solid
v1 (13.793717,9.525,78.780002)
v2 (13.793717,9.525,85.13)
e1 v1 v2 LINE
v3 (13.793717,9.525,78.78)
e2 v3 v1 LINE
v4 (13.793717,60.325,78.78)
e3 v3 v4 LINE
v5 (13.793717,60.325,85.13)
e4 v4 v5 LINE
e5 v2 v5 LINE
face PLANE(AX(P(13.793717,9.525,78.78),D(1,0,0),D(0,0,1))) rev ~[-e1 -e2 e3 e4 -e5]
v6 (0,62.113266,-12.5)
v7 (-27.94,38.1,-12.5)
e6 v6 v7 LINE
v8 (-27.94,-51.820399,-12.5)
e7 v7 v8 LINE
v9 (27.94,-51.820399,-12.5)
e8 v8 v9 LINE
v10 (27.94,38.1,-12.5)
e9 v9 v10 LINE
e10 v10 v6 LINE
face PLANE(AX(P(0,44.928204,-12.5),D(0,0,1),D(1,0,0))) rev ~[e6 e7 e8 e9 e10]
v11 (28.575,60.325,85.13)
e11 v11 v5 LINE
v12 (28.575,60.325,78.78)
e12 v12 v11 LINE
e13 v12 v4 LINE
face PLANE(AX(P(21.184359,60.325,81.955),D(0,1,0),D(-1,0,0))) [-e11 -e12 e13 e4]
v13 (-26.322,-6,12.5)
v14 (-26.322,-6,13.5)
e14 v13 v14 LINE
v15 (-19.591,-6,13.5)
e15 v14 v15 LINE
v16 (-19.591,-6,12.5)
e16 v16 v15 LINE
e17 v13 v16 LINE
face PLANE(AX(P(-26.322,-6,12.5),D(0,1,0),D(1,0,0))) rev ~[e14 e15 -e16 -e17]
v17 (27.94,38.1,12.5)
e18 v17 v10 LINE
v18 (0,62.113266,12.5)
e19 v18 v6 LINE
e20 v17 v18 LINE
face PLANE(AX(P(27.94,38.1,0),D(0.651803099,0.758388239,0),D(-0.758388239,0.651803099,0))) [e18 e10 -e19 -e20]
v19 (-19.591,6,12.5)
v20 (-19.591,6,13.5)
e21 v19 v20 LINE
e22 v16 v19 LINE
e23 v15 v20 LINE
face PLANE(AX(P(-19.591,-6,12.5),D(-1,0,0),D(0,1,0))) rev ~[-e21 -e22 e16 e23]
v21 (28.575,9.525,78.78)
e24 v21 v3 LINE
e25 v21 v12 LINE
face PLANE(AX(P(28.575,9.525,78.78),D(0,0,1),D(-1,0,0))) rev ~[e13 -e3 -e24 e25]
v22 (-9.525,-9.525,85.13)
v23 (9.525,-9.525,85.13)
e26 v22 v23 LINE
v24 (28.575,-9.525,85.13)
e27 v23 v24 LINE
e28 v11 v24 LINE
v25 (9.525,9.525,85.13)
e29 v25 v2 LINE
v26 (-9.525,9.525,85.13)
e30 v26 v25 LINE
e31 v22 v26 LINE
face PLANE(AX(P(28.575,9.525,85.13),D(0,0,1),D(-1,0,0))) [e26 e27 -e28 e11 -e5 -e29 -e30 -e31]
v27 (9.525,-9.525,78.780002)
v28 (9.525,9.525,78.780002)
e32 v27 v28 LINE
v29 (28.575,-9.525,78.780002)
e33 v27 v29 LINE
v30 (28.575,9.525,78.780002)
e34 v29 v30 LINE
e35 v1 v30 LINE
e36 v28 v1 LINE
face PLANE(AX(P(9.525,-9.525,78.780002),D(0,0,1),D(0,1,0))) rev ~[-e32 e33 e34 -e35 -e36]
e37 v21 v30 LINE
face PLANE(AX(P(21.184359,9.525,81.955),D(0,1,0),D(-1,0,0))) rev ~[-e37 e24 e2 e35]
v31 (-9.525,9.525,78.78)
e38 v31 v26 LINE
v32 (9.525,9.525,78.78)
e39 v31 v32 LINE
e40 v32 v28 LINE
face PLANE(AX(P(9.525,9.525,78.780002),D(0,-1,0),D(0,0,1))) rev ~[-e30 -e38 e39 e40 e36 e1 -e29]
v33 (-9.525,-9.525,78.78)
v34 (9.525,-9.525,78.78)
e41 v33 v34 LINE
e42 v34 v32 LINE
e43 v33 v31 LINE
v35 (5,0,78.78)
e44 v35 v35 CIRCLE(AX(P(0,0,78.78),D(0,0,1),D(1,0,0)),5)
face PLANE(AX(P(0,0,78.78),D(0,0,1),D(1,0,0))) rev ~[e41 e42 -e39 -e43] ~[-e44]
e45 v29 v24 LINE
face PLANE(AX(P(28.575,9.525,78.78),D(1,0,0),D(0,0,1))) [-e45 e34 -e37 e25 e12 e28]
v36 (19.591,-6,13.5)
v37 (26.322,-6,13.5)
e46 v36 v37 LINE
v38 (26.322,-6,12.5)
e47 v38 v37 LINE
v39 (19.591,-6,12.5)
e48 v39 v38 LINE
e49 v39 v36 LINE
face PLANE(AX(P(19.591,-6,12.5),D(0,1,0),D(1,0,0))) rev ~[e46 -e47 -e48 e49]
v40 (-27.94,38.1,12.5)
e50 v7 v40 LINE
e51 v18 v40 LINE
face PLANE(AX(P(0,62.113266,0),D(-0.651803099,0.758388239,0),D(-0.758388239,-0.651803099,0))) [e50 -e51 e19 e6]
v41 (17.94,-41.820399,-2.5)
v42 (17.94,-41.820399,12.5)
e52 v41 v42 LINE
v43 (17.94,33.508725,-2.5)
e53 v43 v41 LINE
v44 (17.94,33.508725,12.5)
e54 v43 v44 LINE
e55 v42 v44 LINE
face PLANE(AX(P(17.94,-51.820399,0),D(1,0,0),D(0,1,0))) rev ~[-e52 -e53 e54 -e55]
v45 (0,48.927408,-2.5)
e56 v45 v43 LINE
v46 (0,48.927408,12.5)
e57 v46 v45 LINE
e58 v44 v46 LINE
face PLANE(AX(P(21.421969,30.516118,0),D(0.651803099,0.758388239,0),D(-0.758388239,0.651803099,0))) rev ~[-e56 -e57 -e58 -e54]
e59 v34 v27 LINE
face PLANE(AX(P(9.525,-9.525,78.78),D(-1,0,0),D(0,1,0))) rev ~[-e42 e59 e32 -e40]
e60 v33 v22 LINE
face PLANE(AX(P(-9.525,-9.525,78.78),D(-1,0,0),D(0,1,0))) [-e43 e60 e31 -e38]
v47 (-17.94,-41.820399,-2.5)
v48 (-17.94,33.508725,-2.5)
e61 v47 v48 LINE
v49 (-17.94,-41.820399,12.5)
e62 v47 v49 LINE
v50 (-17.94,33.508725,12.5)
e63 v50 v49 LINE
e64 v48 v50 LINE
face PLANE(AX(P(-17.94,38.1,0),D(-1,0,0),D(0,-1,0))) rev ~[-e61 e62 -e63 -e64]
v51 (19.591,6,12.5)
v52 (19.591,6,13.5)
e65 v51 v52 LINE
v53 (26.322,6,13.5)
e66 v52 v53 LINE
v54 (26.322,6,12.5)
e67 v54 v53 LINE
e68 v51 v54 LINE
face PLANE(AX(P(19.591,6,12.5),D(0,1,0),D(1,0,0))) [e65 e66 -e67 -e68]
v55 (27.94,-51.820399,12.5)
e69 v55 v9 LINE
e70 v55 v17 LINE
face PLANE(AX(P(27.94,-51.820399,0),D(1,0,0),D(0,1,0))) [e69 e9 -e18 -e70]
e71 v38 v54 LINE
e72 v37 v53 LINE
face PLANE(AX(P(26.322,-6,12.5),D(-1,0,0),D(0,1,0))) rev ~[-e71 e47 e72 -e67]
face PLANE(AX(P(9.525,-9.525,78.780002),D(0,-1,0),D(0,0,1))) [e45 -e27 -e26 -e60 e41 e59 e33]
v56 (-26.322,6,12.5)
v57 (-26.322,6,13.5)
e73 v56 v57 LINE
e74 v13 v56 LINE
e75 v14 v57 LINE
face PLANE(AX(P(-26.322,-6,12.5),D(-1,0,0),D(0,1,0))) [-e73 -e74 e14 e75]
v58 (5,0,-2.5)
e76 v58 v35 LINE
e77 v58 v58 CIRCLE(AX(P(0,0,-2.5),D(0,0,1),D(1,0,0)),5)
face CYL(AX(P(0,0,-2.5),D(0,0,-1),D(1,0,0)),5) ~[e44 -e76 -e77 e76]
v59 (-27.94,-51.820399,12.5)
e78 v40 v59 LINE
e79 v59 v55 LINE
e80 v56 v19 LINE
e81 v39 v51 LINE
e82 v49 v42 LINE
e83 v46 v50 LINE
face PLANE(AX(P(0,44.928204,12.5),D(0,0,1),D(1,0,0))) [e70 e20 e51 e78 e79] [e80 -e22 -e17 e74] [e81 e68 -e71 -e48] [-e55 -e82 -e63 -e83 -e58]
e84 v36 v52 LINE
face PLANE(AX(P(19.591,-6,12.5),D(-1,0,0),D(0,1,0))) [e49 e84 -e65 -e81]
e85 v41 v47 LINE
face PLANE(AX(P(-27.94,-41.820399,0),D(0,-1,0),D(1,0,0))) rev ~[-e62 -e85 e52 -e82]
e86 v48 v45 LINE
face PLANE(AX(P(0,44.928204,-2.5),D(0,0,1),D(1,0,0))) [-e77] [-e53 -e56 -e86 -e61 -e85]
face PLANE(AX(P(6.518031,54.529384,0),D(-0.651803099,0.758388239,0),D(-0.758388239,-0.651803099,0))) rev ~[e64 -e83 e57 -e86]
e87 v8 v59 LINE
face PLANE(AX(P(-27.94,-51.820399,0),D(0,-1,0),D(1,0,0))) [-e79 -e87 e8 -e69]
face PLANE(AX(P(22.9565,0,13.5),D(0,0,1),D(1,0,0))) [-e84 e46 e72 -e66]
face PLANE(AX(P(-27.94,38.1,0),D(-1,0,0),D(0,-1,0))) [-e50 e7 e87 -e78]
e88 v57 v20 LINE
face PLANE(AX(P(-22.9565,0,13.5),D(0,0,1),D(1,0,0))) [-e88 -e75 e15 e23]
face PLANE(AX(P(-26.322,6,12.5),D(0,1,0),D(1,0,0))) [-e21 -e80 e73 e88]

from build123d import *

# Parameters (mm, degrees)
F0_W      = 55.88
F0_H      = 76.2
F0_H_2    = 13.7203991207
F1_DEPTH  = 12.5
F2_T      = -10
F3_R      = 5
F4_DEPTH  = 81.28
F5_W      = 6.731
F5_H      = 12
F6_DEPTH  = 1
F7_W      = 19.05
F7_H      = 19.05
F8_DEPTH  = 6.35
F9_W      = 19.05
F9_H      = 6.3499984837
F10_DEPTH = 19.05
F11_W     = 14.7812826264
F11_H     = 6.35
F12_DEPTH = 50.8


with BuildPart() as f1:
    # F0 (on Top) → F1 (new body, symmetric)
    with BuildSketch(Plane.XY):
        Polygon((0, 62.1132660843), (-27.94, 38.1), (27.94, 38.1), align=None)
        Rectangle(F0_W, F0_H)
        with Locations((0, -44.9601995604)):
            Rectangle(F0_W, F0_H_2)
    extrude(amount=F1_DEPTH, both=True)

    # F2
    f2_openings = [f1.faces().sort_by_distance(p)[0] for p in [
        (0, -0.62116, 12.5),
    ]]
    offset(amount=F2_T, openings=f2_openings)

    # F3 (on face) → F4 (join)
    with BuildSketch(Plane.XY.offset(-2.5)):
        Circle(F3_R)
    extrude(amount=F4_DEPTH)

    # F5 (on face) → F6 (join)
    with BuildSketch(Plane.XY.offset(12.5)):
        with Locations((-22.9565, 0)):
            Rectangle(F5_W, F5_H)
        with Locations((22.9565, 0)):
            Rectangle(F5_W, F5_H)
    extrude(amount=F6_DEPTH)

    # F7 (on face) → F8 (join)
    with BuildSketch(Plane.XY.offset(78.78)):
        Rectangle(F7_W, F7_H)
    extrude(amount=F8_DEPTH)

    # F9 (on face) → F10 (join)
    with BuildSketch(Plane.YZ.offset(9.525)):
        with Locations((0, 81.9550007582)):
            Rectangle(F9_W, F9_H)
    extrude(amount=F10_DEPTH)

    # F11 (on face) → F12 (join)
    with BuildSketch(Plane(origin=(0, 9.525, 0), x_dir=(-1, 0, 0), z_dir=(0, 1, 0))):
        with Locations((-21.1843586868, 81.955)):
            Rectangle(F11_W, F11_H)
    extrude(amount=F12_DEPTH)


solid = f1.part
